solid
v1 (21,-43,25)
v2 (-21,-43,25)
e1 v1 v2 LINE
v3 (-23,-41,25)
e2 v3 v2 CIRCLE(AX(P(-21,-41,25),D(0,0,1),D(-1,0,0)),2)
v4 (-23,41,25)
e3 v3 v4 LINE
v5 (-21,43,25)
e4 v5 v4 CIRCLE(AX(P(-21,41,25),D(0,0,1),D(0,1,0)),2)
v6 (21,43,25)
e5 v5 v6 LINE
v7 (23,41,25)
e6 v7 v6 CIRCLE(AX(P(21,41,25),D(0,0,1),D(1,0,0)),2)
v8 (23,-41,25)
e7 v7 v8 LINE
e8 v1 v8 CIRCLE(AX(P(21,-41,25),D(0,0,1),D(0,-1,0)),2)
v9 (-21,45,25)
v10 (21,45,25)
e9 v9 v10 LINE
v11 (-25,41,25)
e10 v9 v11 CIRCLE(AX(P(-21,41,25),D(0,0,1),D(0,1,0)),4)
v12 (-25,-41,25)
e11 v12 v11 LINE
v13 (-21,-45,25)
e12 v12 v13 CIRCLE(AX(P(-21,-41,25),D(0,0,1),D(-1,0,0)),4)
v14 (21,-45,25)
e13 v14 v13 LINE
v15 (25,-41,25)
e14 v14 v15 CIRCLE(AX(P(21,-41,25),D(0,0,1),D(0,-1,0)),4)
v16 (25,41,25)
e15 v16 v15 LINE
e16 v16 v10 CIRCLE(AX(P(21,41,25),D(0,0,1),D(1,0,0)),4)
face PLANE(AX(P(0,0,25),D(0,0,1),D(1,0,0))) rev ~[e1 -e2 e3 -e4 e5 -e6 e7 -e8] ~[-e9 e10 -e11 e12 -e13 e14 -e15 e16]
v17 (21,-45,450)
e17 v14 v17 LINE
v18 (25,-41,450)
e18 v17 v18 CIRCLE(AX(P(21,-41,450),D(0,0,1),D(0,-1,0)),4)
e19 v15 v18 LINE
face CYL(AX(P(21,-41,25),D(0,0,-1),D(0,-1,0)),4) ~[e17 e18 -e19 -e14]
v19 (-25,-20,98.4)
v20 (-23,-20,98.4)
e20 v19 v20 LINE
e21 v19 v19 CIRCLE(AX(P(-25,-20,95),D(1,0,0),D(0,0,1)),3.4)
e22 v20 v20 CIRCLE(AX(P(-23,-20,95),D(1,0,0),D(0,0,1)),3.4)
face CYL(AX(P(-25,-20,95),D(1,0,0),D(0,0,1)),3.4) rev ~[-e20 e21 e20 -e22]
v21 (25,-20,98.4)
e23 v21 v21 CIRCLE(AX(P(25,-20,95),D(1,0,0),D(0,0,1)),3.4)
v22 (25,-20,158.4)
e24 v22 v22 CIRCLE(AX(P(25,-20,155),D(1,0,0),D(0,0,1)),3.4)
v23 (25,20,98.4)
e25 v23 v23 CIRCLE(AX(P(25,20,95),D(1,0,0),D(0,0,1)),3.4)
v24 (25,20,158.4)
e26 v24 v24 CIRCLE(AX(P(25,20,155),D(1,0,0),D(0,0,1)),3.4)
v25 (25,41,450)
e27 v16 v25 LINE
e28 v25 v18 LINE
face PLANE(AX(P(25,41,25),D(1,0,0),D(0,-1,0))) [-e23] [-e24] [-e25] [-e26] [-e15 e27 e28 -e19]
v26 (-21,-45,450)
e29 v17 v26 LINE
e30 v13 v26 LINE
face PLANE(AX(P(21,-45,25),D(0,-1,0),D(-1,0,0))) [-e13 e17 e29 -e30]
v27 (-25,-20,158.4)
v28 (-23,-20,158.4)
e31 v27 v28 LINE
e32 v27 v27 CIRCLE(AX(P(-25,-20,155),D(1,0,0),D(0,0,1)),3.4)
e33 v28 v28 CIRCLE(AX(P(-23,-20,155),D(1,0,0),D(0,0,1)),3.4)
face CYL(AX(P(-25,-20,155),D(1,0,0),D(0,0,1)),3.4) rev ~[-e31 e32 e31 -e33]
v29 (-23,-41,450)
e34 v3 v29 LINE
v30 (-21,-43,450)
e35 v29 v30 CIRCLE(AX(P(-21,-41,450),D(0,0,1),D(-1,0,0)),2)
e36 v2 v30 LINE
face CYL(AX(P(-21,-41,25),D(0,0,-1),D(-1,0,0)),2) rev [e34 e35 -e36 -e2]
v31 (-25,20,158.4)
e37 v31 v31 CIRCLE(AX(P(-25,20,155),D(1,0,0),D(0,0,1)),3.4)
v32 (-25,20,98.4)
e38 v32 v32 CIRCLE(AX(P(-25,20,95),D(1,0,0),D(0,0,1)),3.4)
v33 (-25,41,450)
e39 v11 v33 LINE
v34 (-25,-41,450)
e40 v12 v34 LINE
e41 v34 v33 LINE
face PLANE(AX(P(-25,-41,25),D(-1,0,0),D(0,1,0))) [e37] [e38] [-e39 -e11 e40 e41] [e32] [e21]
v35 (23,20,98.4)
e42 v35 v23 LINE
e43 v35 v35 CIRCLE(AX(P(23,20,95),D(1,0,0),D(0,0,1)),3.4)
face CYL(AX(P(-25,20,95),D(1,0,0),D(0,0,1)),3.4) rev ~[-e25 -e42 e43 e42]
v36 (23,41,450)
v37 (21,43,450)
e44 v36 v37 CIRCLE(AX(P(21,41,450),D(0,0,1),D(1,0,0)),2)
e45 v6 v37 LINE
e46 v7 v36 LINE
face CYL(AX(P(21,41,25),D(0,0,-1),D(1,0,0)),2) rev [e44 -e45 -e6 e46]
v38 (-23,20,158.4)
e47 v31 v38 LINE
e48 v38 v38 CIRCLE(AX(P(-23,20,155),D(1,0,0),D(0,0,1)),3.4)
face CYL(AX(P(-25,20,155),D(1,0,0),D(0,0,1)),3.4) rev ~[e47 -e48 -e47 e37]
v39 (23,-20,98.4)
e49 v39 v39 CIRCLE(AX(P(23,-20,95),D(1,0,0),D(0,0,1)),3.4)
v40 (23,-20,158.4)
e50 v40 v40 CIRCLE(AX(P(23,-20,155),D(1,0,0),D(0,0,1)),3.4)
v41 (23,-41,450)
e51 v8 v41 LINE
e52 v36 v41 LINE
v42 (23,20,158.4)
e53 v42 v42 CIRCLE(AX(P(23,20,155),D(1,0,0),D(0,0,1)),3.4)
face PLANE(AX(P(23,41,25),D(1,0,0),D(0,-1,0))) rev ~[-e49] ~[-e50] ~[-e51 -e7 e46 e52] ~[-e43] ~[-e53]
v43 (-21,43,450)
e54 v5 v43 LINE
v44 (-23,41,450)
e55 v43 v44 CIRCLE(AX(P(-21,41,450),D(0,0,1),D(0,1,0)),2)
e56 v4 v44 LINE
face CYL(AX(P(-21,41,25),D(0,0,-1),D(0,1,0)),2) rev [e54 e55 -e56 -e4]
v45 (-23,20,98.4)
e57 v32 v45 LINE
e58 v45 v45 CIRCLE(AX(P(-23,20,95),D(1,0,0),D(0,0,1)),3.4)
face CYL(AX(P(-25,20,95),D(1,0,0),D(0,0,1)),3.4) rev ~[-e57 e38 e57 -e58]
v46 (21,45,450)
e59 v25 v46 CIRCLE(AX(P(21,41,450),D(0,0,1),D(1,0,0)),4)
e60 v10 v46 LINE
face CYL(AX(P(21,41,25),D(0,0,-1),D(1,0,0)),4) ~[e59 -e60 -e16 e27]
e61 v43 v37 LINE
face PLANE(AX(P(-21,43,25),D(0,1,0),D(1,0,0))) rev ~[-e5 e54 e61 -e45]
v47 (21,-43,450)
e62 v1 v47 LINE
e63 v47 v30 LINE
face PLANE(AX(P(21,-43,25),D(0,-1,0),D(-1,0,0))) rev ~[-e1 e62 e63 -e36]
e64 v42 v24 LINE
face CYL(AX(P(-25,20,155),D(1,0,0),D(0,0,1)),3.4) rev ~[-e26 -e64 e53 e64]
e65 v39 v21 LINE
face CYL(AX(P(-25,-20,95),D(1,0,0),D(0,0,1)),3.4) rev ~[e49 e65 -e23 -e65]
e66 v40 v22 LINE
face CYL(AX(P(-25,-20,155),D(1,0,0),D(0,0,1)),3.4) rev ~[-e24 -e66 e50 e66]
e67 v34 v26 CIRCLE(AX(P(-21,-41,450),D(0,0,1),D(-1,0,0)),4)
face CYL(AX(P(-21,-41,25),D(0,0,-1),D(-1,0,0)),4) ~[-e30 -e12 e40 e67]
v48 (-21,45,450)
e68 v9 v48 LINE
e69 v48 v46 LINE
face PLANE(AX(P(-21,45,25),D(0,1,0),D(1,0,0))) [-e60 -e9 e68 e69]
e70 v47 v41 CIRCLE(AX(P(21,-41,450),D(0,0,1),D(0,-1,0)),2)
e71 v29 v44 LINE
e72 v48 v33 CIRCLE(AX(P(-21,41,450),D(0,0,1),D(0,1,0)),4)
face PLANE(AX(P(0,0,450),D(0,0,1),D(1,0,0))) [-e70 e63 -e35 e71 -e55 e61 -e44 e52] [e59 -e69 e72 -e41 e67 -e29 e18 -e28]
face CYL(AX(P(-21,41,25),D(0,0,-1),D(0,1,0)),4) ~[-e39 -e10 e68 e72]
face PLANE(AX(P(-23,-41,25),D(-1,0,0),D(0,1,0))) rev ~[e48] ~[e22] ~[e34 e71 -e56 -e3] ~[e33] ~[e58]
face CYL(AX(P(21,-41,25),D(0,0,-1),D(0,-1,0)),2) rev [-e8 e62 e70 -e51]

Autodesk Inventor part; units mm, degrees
ref_plane "Start Plane" through (0, 0, 25) normal (0, 0, 1) x (1, 0, 0)
ref_plane "End Plane" through (0, 0, 450) normal (0, 0, 1) x (1, 0, 0)
sketch "Sketch" plane through (0, 0, 0) normal (0, 0, 1) x (1, 0, 0)
  line L0 (-25, -41) -> (-25, 41)
  line L1 (-21, 45) -> (21, 45)
  line L2 (25, 41) -> (25, -41)
  line L3 (21, -45) -> (-21, -45)
  arc A0 (-25, -41) -> (-21, -45) centre (-21, -41) ccw
  arc A1 (25, 41) -> (21, 45) centre (21, 41) ccw
  arc A2 (-21, 45) -> (-25, 41) centre (-21, 41) ccw
  arc A3 (21, -45) -> (25, -41) centre (21, -41) ccw
  arc A4 (-21, 43) -> (-23, 41) centre (-21, 41) ccw
  line L4 (-21, 43) -> (21, 43)
  arc A5 (23, 41) -> (21, 43) centre (21, 41) ccw
  line L5 (23, 41) -> (23, -41)
  arc A6 (21, -43) -> (23, -41) centre (21, -41) ccw
  line L6 (21, -43) -> (-21, -43)
  arc A7 (-23, -41) -> (-21, -43) centre (-21, -41) ccw
  line L7 (-23, -41) -> (-23, 41)
  line L8 (0, 64.1598) -> (0, -64.1598) construction
  line L9 (-36.1598, 0) -> (36.1598, 0) construction
  dimension "d7" = 4
  dimension "d9" = 50
  dimension "d11" = 90
  dimension "d12" = 2
  dimension "d15" = 25
  dimension "d16" = 45
extrude "Body" add sketch "Sketch" along normal up to surface (425 mm away) from surface at 25
sketch "Sketch3" plane through (0, 0, 0) normal (0, 0, 1) x (1, 0, 0)
  line L0 (0, 0) -> (10, 0)
ref_plane "Work Plane3" through (0, 0, 0) normal (0, -1, 0) x (1, 0, 0)
sketch "Sketch4" plane through (0, 0, 0) normal (0, -1, 0) x (1, 0, 0)
  line L0 (-2, 25) -> (12, 25)
  line L1 (-2, 450) -> (12, 450)
  dimension "d18" = 425
ref_plane "Work Plane4" through (-21, 2290, 25) normal (0, 0, -1) x (-1, 0, 0)
split "Split1" plane through (-21, 2290, 25) removes the side toward (0, 0, -1)
sketch "Sketch5" plane through (-25, 41, 25) normal (-1, 0, 0) x (0, 0, 1)
  line L0 (0, -82) -> (0, 0) projected
  line L1 (70, -21) -> (130, -21)
  line L2 (130, -21) -> (130, -61)
  line L3 (130, -61) -> (70, -61)
  line L4 (70, -61) -> (70, -21)
  line L5 (0, 0) -> (0, -82) projected
  line L6 (0, -41) -> (10.6508, -41)
  point P0 (-25, -41)
  dimension "d19" = 60
  dimension "d20" = 40
  dimension "d21" = 70
hole "Hole1" at (-25, 20, 95) at (-25, -20, 95) at (-25, -20, 155) at (-25, 20, 155) direction (1, 0, 0) diameter 6.8 end through all
equation "\"d7\" = G_IR"
equation "\"d9\" = G_W"
equation "\"d11\" = G_H"
equation "\"d12\" = G_T"
equation "\"d15\" = 0.5 * d9"
equation "\"d16\" = 0.5 * d11"
equation "\"d3\" = G_L"
equation "\"G_W\" = 50"
equation "\"G_H\" = 90"
equation "\"G_T\" = 2"
equation "\"G_IR\" = 4"
equation "\"G_L\" = d18"
equation "\"G_OFFSET_START\" = -25"
equation "\"G_OFFSET_END\" = 0"
equation "\"d13\" = -G_OFFSET_START"
properties part number "ISO 10799-2 - 90x50x2 - 425" material "Steel, Mild"
